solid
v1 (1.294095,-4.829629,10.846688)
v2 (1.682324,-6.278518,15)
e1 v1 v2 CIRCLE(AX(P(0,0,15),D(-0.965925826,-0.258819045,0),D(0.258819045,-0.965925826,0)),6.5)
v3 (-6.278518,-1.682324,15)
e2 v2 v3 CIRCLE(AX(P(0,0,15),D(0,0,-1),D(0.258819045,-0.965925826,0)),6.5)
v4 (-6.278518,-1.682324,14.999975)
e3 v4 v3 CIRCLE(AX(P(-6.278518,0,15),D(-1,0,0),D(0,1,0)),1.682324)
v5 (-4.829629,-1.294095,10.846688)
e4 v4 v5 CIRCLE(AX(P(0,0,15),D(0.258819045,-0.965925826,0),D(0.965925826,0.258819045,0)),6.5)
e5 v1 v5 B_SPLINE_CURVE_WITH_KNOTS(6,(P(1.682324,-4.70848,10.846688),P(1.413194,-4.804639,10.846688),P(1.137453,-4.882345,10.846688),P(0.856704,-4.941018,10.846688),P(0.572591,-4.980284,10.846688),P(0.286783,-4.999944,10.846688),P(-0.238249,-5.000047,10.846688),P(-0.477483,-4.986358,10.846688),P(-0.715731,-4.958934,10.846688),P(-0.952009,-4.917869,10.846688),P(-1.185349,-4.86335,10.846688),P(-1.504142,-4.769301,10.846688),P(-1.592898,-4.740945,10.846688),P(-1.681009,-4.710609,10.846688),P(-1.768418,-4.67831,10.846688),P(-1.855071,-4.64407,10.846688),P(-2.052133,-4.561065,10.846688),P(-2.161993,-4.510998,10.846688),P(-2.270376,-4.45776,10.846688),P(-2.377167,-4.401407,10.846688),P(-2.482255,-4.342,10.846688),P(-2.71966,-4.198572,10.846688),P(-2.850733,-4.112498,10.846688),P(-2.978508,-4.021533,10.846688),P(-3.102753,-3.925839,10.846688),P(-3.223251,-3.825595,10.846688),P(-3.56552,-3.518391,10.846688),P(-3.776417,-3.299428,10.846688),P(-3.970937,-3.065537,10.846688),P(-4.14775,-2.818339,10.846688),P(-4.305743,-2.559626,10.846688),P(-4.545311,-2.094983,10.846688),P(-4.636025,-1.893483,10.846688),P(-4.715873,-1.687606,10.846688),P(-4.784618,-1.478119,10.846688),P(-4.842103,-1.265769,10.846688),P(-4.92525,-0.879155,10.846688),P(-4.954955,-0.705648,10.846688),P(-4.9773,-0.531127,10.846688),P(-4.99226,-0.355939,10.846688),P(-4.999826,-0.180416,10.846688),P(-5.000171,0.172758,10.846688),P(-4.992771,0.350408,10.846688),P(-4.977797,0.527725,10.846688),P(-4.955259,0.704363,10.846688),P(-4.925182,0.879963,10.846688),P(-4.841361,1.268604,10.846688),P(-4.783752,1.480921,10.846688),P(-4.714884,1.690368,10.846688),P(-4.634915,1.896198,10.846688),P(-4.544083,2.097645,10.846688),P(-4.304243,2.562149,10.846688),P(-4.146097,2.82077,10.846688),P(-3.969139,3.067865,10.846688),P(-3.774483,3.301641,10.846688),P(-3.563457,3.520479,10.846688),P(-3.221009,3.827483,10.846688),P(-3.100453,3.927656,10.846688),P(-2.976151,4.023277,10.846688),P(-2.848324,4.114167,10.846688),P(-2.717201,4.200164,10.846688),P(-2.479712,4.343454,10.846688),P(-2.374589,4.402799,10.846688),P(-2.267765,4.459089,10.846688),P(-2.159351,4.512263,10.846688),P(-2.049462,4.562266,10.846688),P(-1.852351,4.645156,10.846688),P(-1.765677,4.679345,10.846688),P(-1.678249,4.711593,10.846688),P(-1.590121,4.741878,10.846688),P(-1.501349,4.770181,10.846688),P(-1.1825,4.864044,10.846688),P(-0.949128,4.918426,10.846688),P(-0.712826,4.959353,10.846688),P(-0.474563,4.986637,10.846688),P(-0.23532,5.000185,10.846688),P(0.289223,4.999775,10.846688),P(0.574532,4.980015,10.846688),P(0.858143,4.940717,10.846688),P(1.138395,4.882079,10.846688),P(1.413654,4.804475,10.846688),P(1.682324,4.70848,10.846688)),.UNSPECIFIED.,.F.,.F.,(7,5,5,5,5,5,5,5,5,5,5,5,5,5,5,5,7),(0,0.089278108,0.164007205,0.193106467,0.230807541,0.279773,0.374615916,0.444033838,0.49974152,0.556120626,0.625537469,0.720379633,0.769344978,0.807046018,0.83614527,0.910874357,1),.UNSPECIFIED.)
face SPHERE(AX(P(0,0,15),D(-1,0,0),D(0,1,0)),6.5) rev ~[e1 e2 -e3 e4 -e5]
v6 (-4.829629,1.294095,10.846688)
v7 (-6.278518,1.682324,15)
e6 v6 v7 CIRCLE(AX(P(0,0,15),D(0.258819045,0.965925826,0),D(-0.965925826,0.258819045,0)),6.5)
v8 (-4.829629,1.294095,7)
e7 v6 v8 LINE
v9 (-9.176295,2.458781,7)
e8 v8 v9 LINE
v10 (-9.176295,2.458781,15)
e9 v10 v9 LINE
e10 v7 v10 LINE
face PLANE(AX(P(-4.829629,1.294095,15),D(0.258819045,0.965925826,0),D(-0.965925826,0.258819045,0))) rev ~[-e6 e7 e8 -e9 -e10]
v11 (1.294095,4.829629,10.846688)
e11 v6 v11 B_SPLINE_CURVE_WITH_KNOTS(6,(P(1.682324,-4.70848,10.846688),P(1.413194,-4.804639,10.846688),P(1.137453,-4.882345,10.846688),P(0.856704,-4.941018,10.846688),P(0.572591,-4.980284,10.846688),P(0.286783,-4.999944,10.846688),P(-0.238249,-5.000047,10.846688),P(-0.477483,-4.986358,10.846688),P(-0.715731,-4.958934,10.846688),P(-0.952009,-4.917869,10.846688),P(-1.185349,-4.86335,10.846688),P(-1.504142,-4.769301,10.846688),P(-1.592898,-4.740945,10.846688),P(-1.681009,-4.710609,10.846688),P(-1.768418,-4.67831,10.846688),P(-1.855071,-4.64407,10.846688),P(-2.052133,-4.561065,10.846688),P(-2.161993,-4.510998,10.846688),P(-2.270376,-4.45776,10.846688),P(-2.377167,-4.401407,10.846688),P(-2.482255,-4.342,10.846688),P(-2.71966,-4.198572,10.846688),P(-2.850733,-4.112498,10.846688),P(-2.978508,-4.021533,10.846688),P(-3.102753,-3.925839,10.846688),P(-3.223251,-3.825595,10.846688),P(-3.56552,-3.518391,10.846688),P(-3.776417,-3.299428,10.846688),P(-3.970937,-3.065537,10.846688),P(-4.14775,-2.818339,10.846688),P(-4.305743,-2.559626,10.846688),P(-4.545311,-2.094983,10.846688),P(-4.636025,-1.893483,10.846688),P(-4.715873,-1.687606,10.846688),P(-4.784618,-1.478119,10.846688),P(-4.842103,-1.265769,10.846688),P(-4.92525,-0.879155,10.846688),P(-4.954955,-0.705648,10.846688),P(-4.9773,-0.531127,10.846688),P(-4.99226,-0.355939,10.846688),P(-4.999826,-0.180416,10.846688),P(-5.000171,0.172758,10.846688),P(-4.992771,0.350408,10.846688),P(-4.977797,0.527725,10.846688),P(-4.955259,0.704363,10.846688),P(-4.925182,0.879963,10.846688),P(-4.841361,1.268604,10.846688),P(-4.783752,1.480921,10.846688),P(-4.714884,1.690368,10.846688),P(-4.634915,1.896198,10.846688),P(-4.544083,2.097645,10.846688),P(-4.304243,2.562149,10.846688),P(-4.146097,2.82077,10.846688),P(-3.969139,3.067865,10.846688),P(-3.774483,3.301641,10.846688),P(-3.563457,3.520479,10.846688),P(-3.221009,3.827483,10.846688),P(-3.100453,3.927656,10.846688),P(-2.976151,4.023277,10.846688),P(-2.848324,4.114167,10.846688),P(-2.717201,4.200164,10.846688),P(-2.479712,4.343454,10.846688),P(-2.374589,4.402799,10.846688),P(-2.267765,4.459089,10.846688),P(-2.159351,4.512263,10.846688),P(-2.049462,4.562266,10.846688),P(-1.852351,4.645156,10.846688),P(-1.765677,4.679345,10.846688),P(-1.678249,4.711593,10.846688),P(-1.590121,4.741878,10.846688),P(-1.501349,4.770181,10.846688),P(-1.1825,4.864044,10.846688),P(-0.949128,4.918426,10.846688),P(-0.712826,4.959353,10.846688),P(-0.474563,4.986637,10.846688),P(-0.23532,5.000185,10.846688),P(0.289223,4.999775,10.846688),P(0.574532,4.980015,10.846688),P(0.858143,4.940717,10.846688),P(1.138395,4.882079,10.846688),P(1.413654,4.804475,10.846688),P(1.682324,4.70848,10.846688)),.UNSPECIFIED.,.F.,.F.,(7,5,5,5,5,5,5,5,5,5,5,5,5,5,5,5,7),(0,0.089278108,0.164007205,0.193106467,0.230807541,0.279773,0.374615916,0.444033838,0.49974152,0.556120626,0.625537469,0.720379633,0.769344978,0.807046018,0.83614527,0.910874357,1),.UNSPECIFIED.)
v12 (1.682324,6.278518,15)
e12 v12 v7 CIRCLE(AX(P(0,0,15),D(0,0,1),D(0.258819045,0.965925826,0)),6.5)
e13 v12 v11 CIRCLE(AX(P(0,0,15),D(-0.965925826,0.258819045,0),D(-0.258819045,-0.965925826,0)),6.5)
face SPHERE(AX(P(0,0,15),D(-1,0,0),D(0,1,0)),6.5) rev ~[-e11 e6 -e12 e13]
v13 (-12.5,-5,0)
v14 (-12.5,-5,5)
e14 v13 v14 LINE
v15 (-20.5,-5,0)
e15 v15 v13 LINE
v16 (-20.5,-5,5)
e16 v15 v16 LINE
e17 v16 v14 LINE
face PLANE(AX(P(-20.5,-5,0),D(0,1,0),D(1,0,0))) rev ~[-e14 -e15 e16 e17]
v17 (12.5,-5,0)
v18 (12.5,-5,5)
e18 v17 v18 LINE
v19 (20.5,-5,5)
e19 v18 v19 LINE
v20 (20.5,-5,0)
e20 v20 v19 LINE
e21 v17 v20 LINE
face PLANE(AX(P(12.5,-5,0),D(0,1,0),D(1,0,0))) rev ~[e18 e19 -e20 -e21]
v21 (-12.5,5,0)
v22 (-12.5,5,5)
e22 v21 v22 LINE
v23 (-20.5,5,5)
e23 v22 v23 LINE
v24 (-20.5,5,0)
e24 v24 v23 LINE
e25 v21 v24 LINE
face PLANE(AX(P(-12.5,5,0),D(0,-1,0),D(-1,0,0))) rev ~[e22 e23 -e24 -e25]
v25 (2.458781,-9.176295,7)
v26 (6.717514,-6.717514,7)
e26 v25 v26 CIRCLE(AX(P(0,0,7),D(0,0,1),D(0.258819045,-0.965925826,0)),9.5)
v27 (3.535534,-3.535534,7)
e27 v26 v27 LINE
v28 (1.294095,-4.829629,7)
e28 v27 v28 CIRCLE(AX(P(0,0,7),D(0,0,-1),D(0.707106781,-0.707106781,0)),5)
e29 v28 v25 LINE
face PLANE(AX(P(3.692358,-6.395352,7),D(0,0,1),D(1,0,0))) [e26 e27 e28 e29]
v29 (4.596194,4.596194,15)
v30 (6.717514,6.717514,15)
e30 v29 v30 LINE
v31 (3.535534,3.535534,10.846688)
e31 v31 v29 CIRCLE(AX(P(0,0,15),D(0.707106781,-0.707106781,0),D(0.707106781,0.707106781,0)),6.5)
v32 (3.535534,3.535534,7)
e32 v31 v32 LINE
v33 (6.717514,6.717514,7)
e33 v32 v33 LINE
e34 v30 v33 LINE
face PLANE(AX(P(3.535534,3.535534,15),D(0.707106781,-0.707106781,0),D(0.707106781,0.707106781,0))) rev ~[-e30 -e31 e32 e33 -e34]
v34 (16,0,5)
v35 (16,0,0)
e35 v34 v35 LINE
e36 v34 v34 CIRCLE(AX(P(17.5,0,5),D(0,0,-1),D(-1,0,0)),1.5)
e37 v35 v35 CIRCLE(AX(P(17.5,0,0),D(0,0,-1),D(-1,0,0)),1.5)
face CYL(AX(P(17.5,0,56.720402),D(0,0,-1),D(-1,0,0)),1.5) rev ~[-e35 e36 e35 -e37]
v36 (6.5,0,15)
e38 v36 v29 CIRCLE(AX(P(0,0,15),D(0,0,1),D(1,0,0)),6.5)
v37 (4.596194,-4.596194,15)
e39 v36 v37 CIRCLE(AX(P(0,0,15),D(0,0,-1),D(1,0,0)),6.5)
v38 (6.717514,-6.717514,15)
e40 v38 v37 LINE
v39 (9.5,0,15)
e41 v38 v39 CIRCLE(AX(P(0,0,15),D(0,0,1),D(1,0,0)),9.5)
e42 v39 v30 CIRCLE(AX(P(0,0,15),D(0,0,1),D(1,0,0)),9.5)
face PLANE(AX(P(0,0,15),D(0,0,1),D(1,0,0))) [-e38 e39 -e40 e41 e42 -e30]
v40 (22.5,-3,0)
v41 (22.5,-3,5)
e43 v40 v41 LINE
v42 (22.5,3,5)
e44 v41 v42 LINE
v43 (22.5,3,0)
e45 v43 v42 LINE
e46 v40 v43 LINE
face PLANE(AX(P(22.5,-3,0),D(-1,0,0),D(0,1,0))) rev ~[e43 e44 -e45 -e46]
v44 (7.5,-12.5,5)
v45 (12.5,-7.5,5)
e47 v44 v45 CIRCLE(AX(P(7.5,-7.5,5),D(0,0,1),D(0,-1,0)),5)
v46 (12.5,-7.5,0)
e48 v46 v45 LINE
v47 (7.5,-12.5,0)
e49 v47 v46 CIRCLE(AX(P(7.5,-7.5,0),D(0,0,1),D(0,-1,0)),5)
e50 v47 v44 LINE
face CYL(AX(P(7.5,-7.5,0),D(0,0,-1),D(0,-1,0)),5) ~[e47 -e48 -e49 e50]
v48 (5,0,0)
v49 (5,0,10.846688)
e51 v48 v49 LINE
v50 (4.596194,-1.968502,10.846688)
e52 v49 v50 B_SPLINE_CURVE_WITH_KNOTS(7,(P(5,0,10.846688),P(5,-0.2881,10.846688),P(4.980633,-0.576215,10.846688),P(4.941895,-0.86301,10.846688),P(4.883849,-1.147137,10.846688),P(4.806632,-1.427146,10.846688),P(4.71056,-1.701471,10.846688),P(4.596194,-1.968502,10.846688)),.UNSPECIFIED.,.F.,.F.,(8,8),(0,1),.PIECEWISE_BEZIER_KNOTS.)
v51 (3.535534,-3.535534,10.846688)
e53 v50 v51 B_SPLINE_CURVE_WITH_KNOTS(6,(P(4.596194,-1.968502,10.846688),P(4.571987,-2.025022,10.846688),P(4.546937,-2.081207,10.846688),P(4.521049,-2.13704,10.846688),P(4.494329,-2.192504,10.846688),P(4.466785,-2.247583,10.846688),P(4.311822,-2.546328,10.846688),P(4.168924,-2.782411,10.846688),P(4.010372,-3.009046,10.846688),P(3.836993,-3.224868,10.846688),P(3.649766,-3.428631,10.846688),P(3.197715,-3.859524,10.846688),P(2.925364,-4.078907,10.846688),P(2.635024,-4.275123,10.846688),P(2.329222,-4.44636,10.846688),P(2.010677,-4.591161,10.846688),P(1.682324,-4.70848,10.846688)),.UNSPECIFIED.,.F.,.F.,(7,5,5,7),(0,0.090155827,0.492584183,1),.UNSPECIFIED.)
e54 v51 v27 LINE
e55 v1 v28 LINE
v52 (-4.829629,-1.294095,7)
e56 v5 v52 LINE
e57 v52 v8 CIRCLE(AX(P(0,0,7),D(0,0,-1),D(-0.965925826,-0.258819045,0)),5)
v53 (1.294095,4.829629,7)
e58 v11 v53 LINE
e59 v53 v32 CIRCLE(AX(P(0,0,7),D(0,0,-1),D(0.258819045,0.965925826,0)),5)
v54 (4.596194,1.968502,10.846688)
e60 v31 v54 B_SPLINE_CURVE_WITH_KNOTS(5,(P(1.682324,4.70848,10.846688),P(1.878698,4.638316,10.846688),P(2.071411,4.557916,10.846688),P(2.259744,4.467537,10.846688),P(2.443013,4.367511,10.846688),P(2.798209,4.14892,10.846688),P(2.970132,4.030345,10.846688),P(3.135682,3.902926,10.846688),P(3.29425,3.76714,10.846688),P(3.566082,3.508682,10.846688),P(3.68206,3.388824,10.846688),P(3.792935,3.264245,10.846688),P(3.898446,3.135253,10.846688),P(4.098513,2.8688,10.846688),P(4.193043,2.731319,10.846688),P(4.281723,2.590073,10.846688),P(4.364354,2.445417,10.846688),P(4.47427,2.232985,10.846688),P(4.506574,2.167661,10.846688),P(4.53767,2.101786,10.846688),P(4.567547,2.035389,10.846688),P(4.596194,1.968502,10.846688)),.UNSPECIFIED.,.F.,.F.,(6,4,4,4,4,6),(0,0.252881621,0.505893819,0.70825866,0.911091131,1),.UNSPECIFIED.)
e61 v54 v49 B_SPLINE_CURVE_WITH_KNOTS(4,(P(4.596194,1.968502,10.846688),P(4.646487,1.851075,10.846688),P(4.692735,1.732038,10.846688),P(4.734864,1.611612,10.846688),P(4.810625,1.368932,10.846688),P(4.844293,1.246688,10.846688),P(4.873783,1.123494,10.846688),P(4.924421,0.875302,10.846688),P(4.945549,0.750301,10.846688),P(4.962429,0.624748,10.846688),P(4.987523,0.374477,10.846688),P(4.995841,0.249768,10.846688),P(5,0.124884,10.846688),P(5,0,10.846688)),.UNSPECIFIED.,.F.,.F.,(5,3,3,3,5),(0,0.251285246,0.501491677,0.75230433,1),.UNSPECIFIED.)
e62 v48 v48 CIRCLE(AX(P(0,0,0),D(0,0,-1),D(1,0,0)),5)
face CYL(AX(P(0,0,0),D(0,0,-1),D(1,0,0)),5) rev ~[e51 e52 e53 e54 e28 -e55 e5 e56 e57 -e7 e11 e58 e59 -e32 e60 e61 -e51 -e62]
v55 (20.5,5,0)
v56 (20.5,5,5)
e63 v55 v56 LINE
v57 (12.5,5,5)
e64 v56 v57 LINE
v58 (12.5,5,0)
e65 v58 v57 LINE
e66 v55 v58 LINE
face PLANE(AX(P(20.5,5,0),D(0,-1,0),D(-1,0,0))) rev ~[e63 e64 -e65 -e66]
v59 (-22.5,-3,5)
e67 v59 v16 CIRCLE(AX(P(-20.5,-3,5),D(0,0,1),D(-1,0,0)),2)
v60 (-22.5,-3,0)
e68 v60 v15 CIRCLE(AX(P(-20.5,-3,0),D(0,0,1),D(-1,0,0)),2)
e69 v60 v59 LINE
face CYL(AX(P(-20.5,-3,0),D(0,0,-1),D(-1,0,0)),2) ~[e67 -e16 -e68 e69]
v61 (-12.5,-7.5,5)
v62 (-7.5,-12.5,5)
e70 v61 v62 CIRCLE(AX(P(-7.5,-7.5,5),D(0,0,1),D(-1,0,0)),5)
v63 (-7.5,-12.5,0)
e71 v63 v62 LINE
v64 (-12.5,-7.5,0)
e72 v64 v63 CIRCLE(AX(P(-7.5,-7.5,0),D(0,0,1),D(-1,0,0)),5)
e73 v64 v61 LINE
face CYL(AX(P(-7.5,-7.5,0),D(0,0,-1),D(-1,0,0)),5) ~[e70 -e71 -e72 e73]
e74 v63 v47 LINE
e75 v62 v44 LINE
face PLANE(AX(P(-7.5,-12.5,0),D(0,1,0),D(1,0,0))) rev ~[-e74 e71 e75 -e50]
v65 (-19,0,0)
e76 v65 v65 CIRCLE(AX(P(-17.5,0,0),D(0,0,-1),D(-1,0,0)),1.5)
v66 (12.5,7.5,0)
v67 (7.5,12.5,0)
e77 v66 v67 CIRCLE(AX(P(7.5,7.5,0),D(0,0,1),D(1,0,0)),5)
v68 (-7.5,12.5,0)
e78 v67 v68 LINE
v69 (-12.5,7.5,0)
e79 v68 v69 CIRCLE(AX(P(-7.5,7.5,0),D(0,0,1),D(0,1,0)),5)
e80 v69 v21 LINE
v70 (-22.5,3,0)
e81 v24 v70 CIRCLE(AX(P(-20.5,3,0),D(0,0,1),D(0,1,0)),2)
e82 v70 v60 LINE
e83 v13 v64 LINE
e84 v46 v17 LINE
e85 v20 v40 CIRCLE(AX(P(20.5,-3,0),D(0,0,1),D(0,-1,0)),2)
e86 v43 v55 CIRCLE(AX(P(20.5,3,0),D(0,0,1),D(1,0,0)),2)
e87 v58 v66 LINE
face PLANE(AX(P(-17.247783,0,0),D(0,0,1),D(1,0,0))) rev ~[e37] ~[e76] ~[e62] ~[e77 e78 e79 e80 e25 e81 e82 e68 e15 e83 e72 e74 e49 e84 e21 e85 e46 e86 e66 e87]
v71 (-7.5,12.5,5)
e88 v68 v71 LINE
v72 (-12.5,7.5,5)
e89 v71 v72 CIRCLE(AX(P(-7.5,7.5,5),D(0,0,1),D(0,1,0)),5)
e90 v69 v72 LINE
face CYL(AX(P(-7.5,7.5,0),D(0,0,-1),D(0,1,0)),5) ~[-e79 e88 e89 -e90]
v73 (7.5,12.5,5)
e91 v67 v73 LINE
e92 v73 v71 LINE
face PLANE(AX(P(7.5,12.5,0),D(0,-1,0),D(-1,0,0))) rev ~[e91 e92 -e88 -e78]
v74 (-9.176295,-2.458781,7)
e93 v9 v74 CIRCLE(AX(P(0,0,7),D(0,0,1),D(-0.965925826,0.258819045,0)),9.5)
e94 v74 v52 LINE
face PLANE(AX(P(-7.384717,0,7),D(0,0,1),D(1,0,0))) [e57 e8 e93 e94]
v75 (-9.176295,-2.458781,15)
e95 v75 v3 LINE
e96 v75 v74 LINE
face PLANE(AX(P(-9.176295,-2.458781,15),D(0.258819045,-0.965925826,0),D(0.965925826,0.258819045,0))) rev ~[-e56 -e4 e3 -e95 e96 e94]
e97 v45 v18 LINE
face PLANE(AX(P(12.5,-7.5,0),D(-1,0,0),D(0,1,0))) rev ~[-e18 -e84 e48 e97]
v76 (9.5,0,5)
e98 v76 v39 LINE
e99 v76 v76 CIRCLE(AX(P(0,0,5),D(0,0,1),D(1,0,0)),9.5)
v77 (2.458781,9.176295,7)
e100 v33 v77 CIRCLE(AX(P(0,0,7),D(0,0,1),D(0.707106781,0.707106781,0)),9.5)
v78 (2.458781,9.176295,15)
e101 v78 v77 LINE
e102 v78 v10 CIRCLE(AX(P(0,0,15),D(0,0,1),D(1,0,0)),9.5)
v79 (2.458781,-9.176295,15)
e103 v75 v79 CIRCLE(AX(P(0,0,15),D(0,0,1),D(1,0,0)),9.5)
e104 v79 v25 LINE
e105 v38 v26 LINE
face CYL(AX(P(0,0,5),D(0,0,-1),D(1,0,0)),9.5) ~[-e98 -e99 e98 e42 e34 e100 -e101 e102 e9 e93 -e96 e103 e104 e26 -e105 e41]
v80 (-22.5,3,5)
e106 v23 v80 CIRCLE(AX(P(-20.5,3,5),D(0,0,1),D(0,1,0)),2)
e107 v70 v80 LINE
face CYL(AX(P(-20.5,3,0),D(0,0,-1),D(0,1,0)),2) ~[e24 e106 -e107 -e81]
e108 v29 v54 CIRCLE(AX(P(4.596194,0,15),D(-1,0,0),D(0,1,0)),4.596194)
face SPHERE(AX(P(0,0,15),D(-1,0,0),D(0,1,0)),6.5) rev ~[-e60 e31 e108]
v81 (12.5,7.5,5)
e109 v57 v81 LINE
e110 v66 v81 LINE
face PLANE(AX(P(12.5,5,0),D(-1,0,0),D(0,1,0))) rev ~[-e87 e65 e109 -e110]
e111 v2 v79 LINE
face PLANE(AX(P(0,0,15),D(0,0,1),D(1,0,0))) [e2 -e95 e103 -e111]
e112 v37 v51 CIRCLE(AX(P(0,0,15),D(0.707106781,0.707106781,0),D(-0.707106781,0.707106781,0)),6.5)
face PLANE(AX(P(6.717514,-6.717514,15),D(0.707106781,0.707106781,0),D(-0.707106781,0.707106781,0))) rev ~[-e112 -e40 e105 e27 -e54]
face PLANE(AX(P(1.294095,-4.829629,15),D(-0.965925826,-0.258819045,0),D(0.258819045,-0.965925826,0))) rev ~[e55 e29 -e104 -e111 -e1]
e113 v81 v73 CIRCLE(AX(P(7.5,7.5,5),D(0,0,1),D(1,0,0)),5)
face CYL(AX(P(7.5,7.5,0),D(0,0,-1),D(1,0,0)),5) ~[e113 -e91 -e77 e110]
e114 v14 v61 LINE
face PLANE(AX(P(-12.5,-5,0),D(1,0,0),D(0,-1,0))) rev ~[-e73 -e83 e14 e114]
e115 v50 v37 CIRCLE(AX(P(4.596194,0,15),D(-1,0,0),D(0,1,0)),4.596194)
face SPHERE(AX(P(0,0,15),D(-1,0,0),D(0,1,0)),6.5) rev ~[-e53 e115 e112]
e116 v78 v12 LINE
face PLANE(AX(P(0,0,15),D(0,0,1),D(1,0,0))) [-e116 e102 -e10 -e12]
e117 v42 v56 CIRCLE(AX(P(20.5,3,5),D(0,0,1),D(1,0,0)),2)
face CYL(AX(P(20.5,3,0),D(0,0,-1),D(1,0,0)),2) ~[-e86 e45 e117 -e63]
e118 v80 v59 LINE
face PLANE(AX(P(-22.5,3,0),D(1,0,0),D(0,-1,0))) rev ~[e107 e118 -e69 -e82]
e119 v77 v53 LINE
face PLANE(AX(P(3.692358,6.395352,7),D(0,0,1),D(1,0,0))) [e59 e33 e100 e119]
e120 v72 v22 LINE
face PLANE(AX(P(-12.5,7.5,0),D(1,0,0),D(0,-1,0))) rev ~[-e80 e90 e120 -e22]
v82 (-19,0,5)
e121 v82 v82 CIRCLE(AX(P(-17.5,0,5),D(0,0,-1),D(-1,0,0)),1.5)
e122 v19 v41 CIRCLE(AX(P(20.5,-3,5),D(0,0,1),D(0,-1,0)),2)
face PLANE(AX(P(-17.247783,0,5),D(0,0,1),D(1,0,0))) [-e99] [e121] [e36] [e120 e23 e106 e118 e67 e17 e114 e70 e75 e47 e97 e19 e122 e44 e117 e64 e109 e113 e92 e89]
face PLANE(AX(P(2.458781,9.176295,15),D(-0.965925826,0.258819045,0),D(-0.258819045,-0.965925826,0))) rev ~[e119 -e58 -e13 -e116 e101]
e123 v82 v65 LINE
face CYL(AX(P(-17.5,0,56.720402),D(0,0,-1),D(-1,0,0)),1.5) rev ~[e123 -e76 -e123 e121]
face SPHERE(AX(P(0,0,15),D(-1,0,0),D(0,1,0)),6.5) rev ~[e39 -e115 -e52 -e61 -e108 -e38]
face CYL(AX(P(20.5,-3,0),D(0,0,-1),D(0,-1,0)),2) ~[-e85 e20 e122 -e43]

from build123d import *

# Parameters (mm, degrees)
F1_DEPTH  = 5
F3_D      = 3
F4_D      = 3
F2_R      = 9.5
F2_R_2    = 6.5
F5_DEPTH  = 10
F7_DEPTH  = 8
F9_ANGLE  = 180
F10_R     = 5
F11_DEPTH = 25


with BuildPart() as f1:
    # F0 (on Top) → F1 (new body)
    with BuildSketch(Plane.XY):
        with BuildLine():
            Line((-12.5, -5), (-12.5, 5))
            Line((-12.5, 5), (-20.5, 5))
            ThreePointArc((-20.5, 5), (-21.9142135624, 4.4142135624), (-22.5, 3))
            Line((-22.5, 3), (-22.5, -3))
            ThreePointArc((-22.5, -3), (-21.9142135624, -4.4142135624), (-20.5, -5))
            Line((-20.5, -5), (-12.5, -5))
        make_face()
        with BuildLine():
            Line((0, 12.5), (-7.5, 12.5))
            ThreePointArc((-7.5, 12.5), (-11.0355339059, 11.0355339059), (-12.5, 7.5))
            Line((-12.5, 7.5), (-12.5, 5))
            Line((-12.5, 5), (-12.5, -5))
            Line((-12.5, -5), (-12.5, -7.5))
            ThreePointArc((-12.5, -7.5), (-11.0355339059, -11.0355339059), (-7.5, -12.5))
            Line((-7.5, -12.5), (0, -12.5))
            Line((0, -12.5), (7.5, -12.5))
            ThreePointArc((7.5, -12.5), (11.0355339059, -11.0355339059), (12.5, -7.5))
            Line((12.5, -7.5), (12.5, -5))
            Line((12.5, -5), (12.5, 5))
            Line((12.5, 5), (12.5, 7.5))
            ThreePointArc((12.5, 7.5), (11.0355339059, 11.0355339059), (7.5, 12.5))
            Line((7.5, 12.5), (0, 12.5))
        make_face()
        with BuildLine():
            Line((20.5, 5), (12.5, 5))
            Line((12.5, 5), (12.5, -5))
            Line((12.5, -5), (20.5, -5))
            ThreePointArc((20.5, -5), (21.9142135624, -4.4142135624), (22.5, -3))
            Line((22.5, -3), (22.5, 3))
            ThreePointArc((22.5, 3), (21.9142135624, 4.4142135624), (20.5, 5))
        make_face()
    extrude(amount=F1_DEPTH)

    # F3 (through all)
    with Locations(Plane.XY.offset(5)):
        with Locations((-17.5, 0)):
            Hole(F3_D / 2)

    # F4 (through all)
    with Locations(Plane.XY.offset(5)):
        with Locations((17.5, 0)):
            Hole(F4_D / 2)

    # F2 (on face) → F5 (join)
    with BuildSketch(Plane.XY.offset(5)):
        Circle(F2_R)
        Circle(F2_R_2, mode=Mode.SUBTRACT)
        Circle(F2_R_2)
    extrude(amount=F5_DEPTH)

    # F6 (on face) → F7 (cut)
    with BuildSketch(Plane.XY.offset(15)):
        with BuildLine():
            ThreePointArc((-4.8296291314, -1.2940952255), (-5, 0), (-4.8296291314, 1.2940952255))
            Line((-4.8296291314, 1.2940952255), (-9.1762953497, 2.4587809285))
            ThreePointArc((-9.1762953497, 2.4587809285), (-9.5, 0), (-9.1762953497, -2.4587809285))
            Line((-9.1762953497, -2.4587809285), (-4.8296291314, -1.2940952255))
        make_face()
        with BuildLine():
            Line((1.2940952255, -4.8296291314), (2.4587809285, -9.1762953497))
            ThreePointArc((2.4587809285, -9.1762953497), (4.75, -8.227241336), (6.7175144213, -6.7175144213))
            Line((6.7175144213, -6.7175144213), (3.5355339059, -3.5355339059))
            ThreePointArc((3.5355339059, -3.5355339059), (2.5, -4.3301270189), (1.2940952255, -4.8296291314))
        make_face()
        with BuildLine():
            Line((3.5355339059, 3.5355339059), (6.7175144213, 6.7175144213))
            ThreePointArc((6.7175144213, 6.7175144213), (4.75, 8.227241336), (2.4587809285, 9.1762953497))
            Line((2.4587809285, 9.1762953497), (1.2940952255, 4.8296291314))
            ThreePointArc((1.2940952255, 4.8296291314), (2.5, 4.3301270189), (3.5355339059, 3.5355339059))
        make_face()
    extrude(amount=-F7_DEPTH, mode=Mode.SUBTRACT)

    # F8 (on face) → F9 (revolve, cut)
    with BuildSketch(Plane.XY.offset(15)):
        with BuildLine():
            Line((-6.5, 0), (-5, 0))
            ThreePointArc((-5, 0), (-4.9572243069, 0.6526309611), (-4.8296291314, 1.2940952255))
            Line((-4.8296291314, 1.2940952255), (-6.2785178709, 1.6823237932))
            ThreePointArc((-6.2785178709, 1.6823237932), (-6.4443915989, 0.8484202494), (-6.5, 0))
        make_face()
        with BuildLine():
            Line((-5, 0), (6.5, 0))
            ThreePointArc((6.5, 0), (6.0052169613, 2.4874423104), (4.5961940777, 4.5961940777))
            Line((4.5961940777, 4.5961940777), (3.5355339059, 3.5355339059))
            ThreePointArc((3.5355339059, 3.5355339059), (2.5, 4.3301270189), (1.2940952255, 4.8296291314))
            Line((1.2940952255, 4.8296291314), (1.6823237932, 6.2785178709))
            ThreePointArc((1.6823237932, 6.2785178709), (-3.25, 5.6291651246), (-6.2785178709, 1.6823237932))
            Line((-6.2785178709, 1.6823237932), (-4.8296291314, 1.2940952255))
            ThreePointArc((-4.8296291314, 1.2940952255), (-4.9572243069, 0.6526309611), (-5, 0))
        make_face()
        with BuildLine():
            Line((3.5355339059, 3.5355339059), (4.5961940777, 4.5961940777))
            ThreePointArc((4.5961940777, 4.5961940777), (3.25, 5.6291651246), (1.6823237932, 6.2785178709))
            Line((1.6823237932, 6.2785178709), (1.2940952255, 4.8296291314))
            ThreePointArc((1.2940952255, 4.8296291314), (2.5, 4.3301270189), (3.5355339059, 3.5355339059))
        make_face()
    revolve(axis=Axis((0, 0, 15), (-1, 0, 0)), revolution_arc=F9_ANGLE, mode=Mode.SUBTRACT)

    # F10 (on face) → F11 (cut)
    with BuildSketch(Plane(origin=(0, 0, 0), x_dir=(1, 0, 0), z_dir=(0, 0, -1))):
        Circle(F10_R)
    extrude(amount=-F11_DEPTH, mode=Mode.SUBTRACT)


solid = f1.part
